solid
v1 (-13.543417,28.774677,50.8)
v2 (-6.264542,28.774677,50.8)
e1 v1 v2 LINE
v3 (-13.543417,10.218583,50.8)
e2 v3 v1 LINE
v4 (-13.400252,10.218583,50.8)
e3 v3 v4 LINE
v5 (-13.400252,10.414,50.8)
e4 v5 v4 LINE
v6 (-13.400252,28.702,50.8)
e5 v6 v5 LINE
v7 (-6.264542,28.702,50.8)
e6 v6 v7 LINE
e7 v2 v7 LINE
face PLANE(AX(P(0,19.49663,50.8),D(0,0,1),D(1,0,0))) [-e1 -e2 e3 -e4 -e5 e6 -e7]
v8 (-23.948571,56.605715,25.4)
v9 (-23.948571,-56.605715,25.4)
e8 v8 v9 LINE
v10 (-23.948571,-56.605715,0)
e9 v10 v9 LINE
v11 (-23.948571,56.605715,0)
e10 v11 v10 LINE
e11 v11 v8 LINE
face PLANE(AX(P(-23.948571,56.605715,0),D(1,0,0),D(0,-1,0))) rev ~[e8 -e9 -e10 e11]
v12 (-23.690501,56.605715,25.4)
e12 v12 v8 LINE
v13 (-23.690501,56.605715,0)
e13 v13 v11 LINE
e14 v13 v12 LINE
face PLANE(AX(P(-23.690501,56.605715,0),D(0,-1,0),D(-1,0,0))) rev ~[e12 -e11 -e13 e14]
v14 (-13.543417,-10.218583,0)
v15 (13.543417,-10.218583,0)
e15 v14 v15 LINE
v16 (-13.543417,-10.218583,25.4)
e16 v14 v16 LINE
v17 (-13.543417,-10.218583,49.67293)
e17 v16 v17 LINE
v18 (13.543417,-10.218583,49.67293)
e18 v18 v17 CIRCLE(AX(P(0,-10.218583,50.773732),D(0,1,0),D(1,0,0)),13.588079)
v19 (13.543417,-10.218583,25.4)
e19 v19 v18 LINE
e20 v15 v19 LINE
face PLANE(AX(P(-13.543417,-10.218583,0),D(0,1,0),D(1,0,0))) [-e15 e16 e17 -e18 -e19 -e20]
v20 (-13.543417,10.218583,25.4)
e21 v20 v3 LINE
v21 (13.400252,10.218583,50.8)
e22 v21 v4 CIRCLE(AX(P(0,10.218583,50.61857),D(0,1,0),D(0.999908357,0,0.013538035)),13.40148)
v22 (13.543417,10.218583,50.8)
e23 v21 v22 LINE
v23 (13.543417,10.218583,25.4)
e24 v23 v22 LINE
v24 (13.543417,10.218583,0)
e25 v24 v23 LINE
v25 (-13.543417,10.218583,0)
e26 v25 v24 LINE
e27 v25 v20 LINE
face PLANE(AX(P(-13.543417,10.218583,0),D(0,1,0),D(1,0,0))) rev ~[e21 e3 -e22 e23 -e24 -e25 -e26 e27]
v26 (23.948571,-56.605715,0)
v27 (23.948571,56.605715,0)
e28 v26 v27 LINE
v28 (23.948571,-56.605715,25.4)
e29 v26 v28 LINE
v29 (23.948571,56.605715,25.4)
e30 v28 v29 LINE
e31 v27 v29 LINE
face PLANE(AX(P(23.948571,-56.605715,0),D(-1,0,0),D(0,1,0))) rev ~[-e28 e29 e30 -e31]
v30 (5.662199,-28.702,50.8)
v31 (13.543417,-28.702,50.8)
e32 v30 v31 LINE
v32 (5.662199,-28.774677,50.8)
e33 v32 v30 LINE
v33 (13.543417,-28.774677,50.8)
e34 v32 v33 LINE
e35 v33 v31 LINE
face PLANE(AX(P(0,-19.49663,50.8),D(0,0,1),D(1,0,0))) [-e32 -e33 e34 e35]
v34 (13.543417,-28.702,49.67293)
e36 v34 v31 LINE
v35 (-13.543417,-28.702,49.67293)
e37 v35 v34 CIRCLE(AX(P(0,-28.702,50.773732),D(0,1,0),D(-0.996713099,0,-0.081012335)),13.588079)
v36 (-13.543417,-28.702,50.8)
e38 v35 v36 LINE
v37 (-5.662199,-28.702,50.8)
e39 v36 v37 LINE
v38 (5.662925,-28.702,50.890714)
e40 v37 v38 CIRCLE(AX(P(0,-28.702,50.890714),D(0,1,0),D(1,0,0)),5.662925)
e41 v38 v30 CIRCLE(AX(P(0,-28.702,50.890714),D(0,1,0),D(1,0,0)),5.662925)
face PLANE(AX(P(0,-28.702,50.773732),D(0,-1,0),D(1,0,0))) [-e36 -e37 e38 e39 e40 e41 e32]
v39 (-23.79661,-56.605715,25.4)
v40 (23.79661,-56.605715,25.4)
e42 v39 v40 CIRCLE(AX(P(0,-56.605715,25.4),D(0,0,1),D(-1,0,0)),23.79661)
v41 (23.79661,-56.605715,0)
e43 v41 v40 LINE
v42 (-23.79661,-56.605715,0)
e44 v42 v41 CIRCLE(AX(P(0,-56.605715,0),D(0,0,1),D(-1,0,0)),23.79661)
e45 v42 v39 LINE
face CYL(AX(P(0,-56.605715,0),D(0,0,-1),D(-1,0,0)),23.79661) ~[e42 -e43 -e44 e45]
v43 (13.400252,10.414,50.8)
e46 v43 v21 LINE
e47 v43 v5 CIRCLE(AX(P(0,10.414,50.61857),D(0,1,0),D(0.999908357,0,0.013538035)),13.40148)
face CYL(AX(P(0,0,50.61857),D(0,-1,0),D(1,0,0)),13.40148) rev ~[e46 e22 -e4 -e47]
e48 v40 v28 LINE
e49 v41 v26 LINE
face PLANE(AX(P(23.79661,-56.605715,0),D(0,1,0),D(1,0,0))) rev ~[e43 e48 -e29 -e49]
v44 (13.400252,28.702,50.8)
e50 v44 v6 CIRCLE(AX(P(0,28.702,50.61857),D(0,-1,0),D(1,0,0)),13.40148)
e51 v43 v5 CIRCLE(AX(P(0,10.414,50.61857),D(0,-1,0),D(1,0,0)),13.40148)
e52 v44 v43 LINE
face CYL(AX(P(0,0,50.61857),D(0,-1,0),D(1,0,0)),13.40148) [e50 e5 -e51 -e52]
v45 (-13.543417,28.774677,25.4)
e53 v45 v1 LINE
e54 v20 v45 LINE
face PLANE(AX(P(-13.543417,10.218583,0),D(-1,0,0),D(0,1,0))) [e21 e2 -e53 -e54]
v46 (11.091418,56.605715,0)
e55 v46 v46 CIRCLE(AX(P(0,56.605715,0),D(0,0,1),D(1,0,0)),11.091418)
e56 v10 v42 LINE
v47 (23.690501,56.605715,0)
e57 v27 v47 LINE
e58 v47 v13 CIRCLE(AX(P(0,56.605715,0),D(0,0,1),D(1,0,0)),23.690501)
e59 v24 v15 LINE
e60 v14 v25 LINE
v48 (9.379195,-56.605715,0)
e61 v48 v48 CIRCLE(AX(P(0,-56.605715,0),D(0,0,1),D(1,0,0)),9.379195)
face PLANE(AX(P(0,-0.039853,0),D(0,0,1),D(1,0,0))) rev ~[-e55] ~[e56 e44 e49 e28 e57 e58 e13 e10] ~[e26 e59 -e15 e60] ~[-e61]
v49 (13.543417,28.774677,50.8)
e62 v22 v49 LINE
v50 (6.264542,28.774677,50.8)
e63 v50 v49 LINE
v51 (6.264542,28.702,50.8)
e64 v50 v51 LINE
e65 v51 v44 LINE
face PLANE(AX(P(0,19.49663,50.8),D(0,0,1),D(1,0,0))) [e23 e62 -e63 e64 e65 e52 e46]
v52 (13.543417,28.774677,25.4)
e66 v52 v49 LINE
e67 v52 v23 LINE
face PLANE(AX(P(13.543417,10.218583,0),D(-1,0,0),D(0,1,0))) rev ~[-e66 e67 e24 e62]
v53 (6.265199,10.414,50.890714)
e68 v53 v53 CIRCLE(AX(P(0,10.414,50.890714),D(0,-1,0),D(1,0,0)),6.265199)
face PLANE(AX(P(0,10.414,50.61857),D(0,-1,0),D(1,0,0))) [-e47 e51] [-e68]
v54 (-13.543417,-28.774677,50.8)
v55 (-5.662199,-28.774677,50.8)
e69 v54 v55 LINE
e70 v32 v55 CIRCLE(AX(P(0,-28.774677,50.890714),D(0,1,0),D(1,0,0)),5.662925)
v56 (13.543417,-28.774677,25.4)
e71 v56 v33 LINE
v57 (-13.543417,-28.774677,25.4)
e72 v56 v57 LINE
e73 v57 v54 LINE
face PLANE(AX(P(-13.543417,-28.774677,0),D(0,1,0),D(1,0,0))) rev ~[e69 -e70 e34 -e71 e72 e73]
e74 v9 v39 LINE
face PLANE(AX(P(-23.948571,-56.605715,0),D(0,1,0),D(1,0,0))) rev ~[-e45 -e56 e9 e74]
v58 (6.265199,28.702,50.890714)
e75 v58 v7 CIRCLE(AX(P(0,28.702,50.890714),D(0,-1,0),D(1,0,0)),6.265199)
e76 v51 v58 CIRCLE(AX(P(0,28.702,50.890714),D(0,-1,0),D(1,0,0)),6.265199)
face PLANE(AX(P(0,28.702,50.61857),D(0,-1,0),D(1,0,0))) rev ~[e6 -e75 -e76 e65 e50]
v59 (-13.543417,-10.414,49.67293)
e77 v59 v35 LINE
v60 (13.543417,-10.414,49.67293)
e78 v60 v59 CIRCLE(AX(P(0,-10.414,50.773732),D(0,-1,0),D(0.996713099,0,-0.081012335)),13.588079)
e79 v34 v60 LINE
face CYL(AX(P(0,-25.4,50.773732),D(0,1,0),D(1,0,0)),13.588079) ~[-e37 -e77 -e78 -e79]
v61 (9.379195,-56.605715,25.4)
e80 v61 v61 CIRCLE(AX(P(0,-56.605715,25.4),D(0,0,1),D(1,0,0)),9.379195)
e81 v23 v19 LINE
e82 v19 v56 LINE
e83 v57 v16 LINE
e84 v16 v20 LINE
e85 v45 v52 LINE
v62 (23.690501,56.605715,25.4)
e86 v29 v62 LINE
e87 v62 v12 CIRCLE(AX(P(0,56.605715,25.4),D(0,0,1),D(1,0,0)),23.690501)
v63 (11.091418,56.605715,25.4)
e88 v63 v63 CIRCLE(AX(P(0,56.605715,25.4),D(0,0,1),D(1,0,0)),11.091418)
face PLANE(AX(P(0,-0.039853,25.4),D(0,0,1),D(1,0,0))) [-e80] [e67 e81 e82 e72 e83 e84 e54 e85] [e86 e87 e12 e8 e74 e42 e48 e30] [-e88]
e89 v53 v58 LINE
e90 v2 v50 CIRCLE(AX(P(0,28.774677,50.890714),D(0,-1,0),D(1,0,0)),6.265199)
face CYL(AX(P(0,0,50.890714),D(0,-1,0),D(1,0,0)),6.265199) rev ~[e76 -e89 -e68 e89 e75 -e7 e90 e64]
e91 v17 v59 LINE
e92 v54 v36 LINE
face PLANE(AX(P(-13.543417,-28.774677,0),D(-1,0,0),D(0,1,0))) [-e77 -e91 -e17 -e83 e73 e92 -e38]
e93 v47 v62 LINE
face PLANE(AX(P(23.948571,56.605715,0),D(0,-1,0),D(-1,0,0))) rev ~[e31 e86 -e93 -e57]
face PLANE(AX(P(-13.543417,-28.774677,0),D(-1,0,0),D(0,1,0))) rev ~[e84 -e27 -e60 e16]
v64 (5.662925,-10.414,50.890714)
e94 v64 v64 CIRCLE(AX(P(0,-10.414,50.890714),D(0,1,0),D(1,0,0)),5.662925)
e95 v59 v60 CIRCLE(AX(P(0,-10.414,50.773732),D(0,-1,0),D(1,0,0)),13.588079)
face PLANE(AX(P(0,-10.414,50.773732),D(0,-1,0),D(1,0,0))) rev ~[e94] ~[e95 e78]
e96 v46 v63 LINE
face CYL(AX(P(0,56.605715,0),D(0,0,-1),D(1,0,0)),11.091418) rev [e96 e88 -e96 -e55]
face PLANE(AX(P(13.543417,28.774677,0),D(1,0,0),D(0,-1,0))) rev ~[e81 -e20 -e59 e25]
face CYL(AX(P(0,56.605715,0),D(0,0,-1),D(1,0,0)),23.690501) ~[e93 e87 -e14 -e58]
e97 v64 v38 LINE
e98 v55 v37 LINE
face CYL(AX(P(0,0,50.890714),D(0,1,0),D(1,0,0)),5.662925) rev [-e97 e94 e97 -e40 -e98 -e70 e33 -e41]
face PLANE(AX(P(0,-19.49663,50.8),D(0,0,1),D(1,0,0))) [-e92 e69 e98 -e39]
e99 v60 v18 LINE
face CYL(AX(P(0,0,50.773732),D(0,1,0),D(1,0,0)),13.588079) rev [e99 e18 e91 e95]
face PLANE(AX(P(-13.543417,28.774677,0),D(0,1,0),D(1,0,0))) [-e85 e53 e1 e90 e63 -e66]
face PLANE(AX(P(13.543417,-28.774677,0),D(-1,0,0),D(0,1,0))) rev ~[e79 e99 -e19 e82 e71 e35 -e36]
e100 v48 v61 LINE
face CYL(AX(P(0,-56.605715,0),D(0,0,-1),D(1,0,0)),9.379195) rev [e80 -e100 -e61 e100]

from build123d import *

# Parameters (mm, degrees)
F0_W      = 27.0868334974
F0_H      = 18.5560942991
F1_DEPTH  = 50.8
F0_R      = 9.3791948403
F0_R_2    = 11.0914176542
F2_DEPTH  = 25.4
F3_R      = 13.588079422
F4_DEPTH  = 25.4
F5_DEPTH  = 13.208
F6_DEPTH  = 3.302
F7_DEPTH  = 10.414
F8_R      = 13.4014797698
F9_DEPTH  = 28.702
F10_DEPTH = 10.414
F11_R     = 6.2651990724
F12_DEPTH = 36.322
F13_R     = 5.6629254321
F14_DEPTH = 82.042


with BuildPart() as f1:
    # F0 (on Top) → F1 (new body)
    with BuildSketch(Plane.XY):
        with Locations((0, -19.4966302854)):
            Rectangle(F0_W, F0_H)
    extrude(amount=F1_DEPTH)



with BuildPart() as f1b:
    # F0 (on Top) → F1, piece 2 (new body)
    with BuildSketch(Plane.XY):
        with Locations((0, 19.4966302854)):
            Rectangle(F0_W, F0_H)
    extrude(amount=F1_DEPTH)


with BuildPart() as f1_1:
    add(f1.part)

    add(f1b.part)  # F2 merges F1b
    # F0 (on Top) → F2 (join)
    with BuildSketch(Plane.XY):
        with BuildLine():
            Line((23.7966101182, -56.6057153046), (23.9485707134, -56.6057153046))
            Line((23.9485707134, -56.6057153046), (23.9485707134, 56.6057153046))
            Line((23.9485707134, 56.6057153046), (23.6905010782, 56.6057153046))
            ThreePointArc((23.6905010782, 56.6057153046), (0, 80.2962163828), (-23.6905010782, 56.6057153046))
            Line((-23.6905010782, 56.6057153046), (-23.9485707134, 56.6057153046))
            Line((-23.9485707134, 56.6057153046), (-23.9485707134, -56.6057153046))
            Line((-23.9485707134, -56.6057153046), (-23.7966101182, -56.6057153046))
            ThreePointArc((-23.7966101182, -56.6057153046), (0, -80.4023254228), (23.7966101182, -56.6057153046))
        make_face()
        with Locations((0, -56.6057153046)):
            Circle(F0_R, mode=Mode.SUBTRACT)
        Polygon((-13.5434167487, 28.7746774349), (13.5434167487, 28.7746774349), (13.5434167487, 10.2185831358), (13.5434167487, -10.2185831358), (13.5434167487, -28.7746774349), (-13.5434167487, -28.7746774349), (-13.5434167487, -10.2185831358), (-13.5434167487, 10.2185831358), align=None, mode=Mode.SUBTRACT)
        with Locations((0, 56.6057153046)):
            Circle(F0_R_2, mode=Mode.SUBTRACT)
    extrude(amount=F2_DEPTH)

    # F3 (on Front) → F4 (join)
    with BuildSketch(Plane.XZ):
        with Locations((0, 50.7737323642)):
            Circle(F3_R)
    extrude(amount=F4_DEPTH)

    # F3 (on Front) → F5 (join)
    with BuildSketch(Plane.XZ):
        with Locations((0, 50.7737323642)):
            Circle(F3_R)
    extrude(amount=F5_DEPTH)

    # F6 (add): a face of the model
    f6_faces = [f1_1.faces().sort_by_distance(p)[0] for p in [
        (0, -25.4, 56.5534391302),
    ]]
    extrude(f6_faces, amount=F6_DEPTH)

    # F7 (cut): a face of the model
    f7_faces = [f1_1.faces().sort_by_distance(p)[0] for p in [
        (0, 0, 50.7737323642),
    ]]
    extrude(f7_faces, amount=-F7_DEPTH, mode=Mode.SUBTRACT)

    # F8 (on Front) → F9 (join)
    with BuildSketch(Plane.XZ):
        with Locations((0, 50.618570298)):
            Circle(F8_R)
    extrude(amount=-F9_DEPTH)

    # F10 (cut): a face of the model
    f10_faces = [f1_1.faces().sort_by_distance(p)[0] for p in [
        (0, 0, 50.618570298),
    ]]
    extrude(f10_faces, amount=-F10_DEPTH, mode=Mode.SUBTRACT)

    # F11 (on Front) → F12 (cut)
    with BuildSketch(Plane.XZ):
        with Locations((0, 50.8907139301)):
            Circle(F11_R)
    extrude(amount=-F12_DEPTH, mode=Mode.SUBTRACT)

    # F13 (on Front) → F14 (cut)
    with BuildSketch(Plane.XZ):
        with Locations((0, 50.8907139301)):
            Circle(F13_R)
    extrude(amount=F14_DEPTH, mode=Mode.SUBTRACT)


solid = f1_1.part
